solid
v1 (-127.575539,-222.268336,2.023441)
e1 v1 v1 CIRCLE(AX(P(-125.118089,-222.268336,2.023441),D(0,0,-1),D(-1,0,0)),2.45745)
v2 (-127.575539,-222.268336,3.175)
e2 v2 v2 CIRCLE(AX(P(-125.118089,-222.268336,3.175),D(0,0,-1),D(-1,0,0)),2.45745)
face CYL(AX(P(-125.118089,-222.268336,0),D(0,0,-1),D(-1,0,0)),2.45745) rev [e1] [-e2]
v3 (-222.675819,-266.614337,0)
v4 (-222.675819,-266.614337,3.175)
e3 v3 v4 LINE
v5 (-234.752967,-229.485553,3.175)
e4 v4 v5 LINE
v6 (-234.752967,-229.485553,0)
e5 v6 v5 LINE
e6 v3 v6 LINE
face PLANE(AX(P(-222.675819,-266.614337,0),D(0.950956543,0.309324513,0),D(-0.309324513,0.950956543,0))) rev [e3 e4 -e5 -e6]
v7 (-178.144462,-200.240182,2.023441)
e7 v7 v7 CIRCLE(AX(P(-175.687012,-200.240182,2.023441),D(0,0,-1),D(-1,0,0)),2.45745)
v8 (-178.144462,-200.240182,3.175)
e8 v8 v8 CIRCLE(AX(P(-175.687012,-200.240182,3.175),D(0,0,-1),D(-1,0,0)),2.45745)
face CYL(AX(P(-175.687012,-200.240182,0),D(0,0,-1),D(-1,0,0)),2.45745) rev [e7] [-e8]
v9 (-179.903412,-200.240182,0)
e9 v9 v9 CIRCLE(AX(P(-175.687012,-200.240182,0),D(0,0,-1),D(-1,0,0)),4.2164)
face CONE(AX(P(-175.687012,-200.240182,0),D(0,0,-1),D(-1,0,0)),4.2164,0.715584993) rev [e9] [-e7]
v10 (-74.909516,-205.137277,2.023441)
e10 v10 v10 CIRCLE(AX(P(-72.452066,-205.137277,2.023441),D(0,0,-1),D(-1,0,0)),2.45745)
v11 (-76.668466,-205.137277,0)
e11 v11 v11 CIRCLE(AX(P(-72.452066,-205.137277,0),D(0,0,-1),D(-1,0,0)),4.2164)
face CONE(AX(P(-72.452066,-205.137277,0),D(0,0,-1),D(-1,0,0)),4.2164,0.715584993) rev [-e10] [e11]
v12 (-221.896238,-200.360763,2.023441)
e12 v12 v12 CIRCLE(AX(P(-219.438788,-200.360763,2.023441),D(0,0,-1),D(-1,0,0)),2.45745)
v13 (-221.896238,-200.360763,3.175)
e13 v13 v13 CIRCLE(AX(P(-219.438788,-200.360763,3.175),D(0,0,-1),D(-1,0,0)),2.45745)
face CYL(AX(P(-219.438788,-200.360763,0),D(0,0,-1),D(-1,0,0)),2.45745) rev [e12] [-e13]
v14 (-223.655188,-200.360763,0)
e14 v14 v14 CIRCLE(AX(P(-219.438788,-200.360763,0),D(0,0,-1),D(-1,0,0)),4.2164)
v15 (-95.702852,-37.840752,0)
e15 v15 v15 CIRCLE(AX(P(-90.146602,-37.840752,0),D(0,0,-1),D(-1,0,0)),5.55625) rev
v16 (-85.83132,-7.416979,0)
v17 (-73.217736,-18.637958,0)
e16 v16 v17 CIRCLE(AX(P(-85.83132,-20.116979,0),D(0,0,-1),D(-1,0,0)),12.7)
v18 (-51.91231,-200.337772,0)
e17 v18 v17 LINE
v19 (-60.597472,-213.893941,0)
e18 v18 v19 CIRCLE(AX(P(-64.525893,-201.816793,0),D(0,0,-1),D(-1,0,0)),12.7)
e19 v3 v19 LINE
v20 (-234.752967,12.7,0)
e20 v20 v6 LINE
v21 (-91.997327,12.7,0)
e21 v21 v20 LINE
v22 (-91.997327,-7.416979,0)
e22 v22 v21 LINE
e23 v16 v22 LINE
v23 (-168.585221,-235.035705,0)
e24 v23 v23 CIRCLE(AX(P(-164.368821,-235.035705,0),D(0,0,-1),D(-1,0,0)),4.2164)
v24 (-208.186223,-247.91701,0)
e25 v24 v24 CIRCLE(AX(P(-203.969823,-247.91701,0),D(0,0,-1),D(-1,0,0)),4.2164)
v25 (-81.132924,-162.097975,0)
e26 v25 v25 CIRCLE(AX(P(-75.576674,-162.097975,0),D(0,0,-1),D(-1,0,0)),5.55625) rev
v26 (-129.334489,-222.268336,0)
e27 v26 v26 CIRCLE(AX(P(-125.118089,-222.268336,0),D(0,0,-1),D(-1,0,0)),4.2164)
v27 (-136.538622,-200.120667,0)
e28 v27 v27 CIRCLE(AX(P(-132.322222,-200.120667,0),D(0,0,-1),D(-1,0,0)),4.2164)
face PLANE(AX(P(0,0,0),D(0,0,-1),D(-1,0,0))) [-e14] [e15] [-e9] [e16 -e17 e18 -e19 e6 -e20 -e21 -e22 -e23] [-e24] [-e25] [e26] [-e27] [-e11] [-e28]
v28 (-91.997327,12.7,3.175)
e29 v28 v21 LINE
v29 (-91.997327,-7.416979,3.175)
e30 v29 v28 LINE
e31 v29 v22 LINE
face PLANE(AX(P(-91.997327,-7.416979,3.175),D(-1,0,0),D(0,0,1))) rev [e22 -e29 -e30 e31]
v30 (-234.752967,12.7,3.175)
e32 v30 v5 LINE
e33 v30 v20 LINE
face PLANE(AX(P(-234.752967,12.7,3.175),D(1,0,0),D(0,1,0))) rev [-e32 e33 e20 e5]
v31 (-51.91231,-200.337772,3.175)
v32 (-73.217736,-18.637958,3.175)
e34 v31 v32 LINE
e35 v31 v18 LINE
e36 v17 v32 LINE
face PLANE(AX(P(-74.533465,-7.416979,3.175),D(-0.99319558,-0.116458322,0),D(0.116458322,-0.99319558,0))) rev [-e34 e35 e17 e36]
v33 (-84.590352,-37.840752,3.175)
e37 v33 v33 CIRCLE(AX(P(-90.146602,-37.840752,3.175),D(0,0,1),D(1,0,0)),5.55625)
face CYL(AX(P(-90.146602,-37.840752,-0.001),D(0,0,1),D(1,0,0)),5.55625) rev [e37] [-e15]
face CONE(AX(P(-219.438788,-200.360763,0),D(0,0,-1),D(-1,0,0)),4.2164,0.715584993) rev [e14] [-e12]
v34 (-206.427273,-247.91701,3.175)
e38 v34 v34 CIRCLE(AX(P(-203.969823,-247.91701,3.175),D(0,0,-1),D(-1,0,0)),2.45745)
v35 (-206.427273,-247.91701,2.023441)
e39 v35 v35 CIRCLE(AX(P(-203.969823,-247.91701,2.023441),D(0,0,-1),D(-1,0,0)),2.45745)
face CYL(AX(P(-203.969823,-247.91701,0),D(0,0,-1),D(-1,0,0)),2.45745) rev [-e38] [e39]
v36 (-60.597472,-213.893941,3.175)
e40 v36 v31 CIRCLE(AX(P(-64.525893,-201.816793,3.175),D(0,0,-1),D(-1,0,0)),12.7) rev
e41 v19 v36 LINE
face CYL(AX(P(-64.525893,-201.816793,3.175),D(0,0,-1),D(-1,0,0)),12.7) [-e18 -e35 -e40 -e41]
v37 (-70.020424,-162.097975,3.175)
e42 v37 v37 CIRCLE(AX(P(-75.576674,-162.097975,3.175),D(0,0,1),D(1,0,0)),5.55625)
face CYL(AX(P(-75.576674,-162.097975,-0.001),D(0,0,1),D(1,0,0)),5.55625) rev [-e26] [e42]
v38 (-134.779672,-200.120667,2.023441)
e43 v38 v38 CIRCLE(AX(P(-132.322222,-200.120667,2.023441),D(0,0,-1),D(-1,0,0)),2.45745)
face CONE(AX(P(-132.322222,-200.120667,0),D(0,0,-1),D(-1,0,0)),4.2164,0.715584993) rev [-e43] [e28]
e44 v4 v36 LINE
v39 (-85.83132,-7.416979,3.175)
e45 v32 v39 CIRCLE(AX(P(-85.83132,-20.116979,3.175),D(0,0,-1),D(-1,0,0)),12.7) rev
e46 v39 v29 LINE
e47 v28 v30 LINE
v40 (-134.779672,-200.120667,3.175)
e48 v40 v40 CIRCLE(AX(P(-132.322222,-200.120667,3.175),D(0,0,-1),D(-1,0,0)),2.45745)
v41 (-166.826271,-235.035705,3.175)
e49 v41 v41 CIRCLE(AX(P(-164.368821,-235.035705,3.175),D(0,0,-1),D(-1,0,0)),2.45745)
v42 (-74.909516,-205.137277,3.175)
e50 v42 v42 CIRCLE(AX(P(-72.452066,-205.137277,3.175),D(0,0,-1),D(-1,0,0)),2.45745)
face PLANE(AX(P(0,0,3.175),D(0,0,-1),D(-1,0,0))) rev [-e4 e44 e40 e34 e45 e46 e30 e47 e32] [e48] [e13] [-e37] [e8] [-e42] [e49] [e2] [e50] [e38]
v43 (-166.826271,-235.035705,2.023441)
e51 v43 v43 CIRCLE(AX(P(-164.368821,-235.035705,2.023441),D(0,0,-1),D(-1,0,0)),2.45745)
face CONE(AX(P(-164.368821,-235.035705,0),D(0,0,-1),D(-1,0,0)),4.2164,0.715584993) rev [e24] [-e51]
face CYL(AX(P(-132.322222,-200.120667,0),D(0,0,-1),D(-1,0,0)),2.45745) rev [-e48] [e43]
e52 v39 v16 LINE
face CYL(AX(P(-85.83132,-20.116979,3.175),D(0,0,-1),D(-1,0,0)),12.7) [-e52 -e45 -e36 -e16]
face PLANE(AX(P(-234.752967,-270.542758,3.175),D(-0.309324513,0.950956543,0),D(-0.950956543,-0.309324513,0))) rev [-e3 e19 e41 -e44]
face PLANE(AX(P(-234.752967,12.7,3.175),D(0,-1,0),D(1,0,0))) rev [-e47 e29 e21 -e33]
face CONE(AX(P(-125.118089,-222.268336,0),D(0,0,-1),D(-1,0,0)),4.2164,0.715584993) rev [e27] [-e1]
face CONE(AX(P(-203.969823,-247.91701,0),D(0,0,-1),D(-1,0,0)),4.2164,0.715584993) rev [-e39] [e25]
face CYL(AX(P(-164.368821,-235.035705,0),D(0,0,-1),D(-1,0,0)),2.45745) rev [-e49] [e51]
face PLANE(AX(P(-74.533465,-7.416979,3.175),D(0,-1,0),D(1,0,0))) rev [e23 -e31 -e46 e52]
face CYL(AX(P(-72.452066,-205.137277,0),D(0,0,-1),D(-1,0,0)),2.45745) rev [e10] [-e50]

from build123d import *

# Parameters (mm, degrees)
BOSS_EXTRUDE1_DEPTH                           = 3.175
FILLET1_R                                     = 12.7
CUT_EXTRUDE1_DEPTH                            = 4.175
CSK_FOR_8_FLAT_HEAD_MACHINE_SCREW1_AT_2_COUNT = 2
CSK_FOR_8_FLAT_HEAD_MACHINE_SCREW1_AT_2_PITCH = 41.643335968
CSK_FOR_8_FLAT_HEAD_MACHINE_SCREW1_AT_3_COUNT = 2
CSK_FOR_8_FLAT_HEAD_MACHINE_SCREW1_AT_3_PITCH = 55.434622241
CSK_FOR_8_FLAT_HEAD_MACHINE_SCREW1_AT_4_COUNT = 2
CSK_FOR_8_FLAT_HEAD_MACHINE_SCREW1_AT_4_PITCH = 50.008853946
CSK_FOR_8_FLAT_HEAD_MACHINE_SCREW1_AT_5_COUNT = 2
CSK_FOR_8_FLAT_HEAD_MACHINE_SCREW1_AT_5_PITCH = 82.918335968
CSK_FOR_8_FLAT_HEAD_MACHINE_SCREW1_AT_6_COUNT = 2
CSK_FOR_8_FLAT_HEAD_MACHINE_SCREW1_AT_6_PITCH = 86.127052655
CSK_FOR_8_FLAT_HEAD_MACHINE_SCREW1_AT_7_COUNT = 2
CSK_FOR_8_FLAT_HEAD_MACHINE_SCREW1_AT_7_PITCH = 138.300491667
CUT_EXTRUDE2_REACH                            = 5.175
SKETCH5_R                                     = 5.55625


with BuildPart() as part:
    # Sketch1 → Boss-Extrude1 (new body)
    with BuildSketch(Plane.XY):
        Polygon((-234.752967181, 12.7), (-91.997327393, 12.7), (-91.997327393, -7.416979032), (-74.533465131, -7.416979032), (-50.700252483, -210.6746006), (-234.752967181, -270.542758328), align=None)
    extrude(amount=BOSS_EXTRUDE1_DEPTH)

    # Fillet1
    fillet1_edges = [part.edges().sort_by_distance(p)[0] for p in [
        (-74.533465131, -7.416979032, 1.5875),
        (-50.700252483, -210.6746006, 1.5875),
    ]]
    fillet(fillet1_edges, radius=FILLET1_R)

    # Sketch2 → Cut-Extrude1 (cut, through all)
    with BuildSketch(Plane.XY.offset(3.175)):
        Polygon((-234.752967181, -270.542758328), (-222.67581909, -266.614337017), (-234.752967181, -229.485553098), align=None)
    extrude(amount=-CUT_EXTRUDE1_DEPTH, mode=Mode.SUBTRACT)

    # Sketch4 → CSK for #8 Flat Head Machine Screw1 (revolve, cut)
    with BuildSketch(Plane(origin=(-203.96982343, -247.917009556, 0), x_dir=(0, 1, 0), z_dir=(1, 0, 0))):
        Polygon((0, 0), (0, 3.175), (2.45745, 3.175), (2.45745, 2.02344051), (4.2164, 0), align=None)
    csk_for_8_flat_head_machine_screw1 = revolve(axis=Axis((-203.96982343, -247.917009556, -6.35), (0, 0, 1)), mode=Mode.SUBTRACT)

    # CSK for #8 Flat Head Machine Screw1 at 2: CSK for #8 Flat Head Machine Screw1 ×2
    with Locations(*[Vector(0.950956543, 0.309324513, 0) * (i * CSK_FOR_8_FLAT_HEAD_MACHINE_SCREW1_AT_2_PITCH) for i in range(1, CSK_FOR_8_FLAT_HEAD_MACHINE_SCREW1_AT_2_COUNT)]):
        add(csk_for_8_flat_head_machine_screw1, mode=Mode.SUBTRACT)

    # CSK for #8 Flat Head Machine Screw1 at 3: CSK for #8 Flat Head Machine Screw1 ×2
    with Locations(*[Vector(0.510201208, 0.860055072, 0) * (i * CSK_FOR_8_FLAT_HEAD_MACHINE_SCREW1_AT_3_PITCH) for i in range(1, CSK_FOR_8_FLAT_HEAD_MACHINE_SCREW1_AT_3_COUNT)]):
        add(csk_for_8_flat_head_machine_screw1, mode=Mode.SUBTRACT)

    # CSK for #8 Flat Head Machine Screw1 at 4: CSK for #8 Flat Head Machine Screw1 ×2
    with Locations(*[Vector(-0.309324513, 0.950956543, 0) * (i * CSK_FOR_8_FLAT_HEAD_MACHINE_SCREW1_AT_4_PITCH) for i in range(1, CSK_FOR_8_FLAT_HEAD_MACHINE_SCREW1_AT_4_COUNT)]):
        add(csk_for_8_flat_head_machine_screw1, mode=Mode.SUBTRACT)

    # CSK for #8 Flat Head Machine Screw1 at 5: CSK for #8 Flat Head Machine Screw1 ×2
    with Locations(*[Vector(0.950956543, 0.309324513, 0) * (i * CSK_FOR_8_FLAT_HEAD_MACHINE_SCREW1_AT_5_PITCH) for i in range(1, CSK_FOR_8_FLAT_HEAD_MACHINE_SCREW1_AT_5_COUNT)]):
        add(csk_for_8_flat_head_machine_screw1, mode=Mode.SUBTRACT)

    # CSK for #8 Flat Head Machine Screw1 at 6: CSK for #8 Flat Head Machine Screw1 ×2
    with Locations(*[Vector(0.83188266, 0.554951566, 0) * (i * CSK_FOR_8_FLAT_HEAD_MACHINE_SCREW1_AT_6_PITCH) for i in range(1, CSK_FOR_8_FLAT_HEAD_MACHINE_SCREW1_AT_6_COUNT)]):
        add(csk_for_8_flat_head_machine_screw1, mode=Mode.SUBTRACT)

    # CSK for #8 Flat Head Machine Screw1 at 7: CSK for #8 Flat Head Machine Screw1 ×2
    with Locations(*[Vector(0.950956543, 0.309324513, 0) * (i * CSK_FOR_8_FLAT_HEAD_MACHINE_SCREW1_AT_7_PITCH) for i in range(1, CSK_FOR_8_FLAT_HEAD_MACHINE_SCREW1_AT_7_COUNT)]):
        add(csk_for_8_flat_head_machine_screw1, mode=Mode.SUBTRACT)

    # Sketch5 → Cut-Extrude2 (cut, up to next)
    with BuildSketch(Plane.XY.offset(3.175), mode=Mode.PRIVATE) as cut_extrude2_sk1:
        with Locations((-90.146601991, -37.840751583)):
            Circle(SKETCH5_R)
    cut_extrude2_tool1 = extrude(cut_extrude2_sk1.sketch, amount=-CUT_EXTRUDE2_REACH, mode=Mode.PRIVATE) & part.part
    add(cut_extrude2_tool1.solids().sort_by_distance((-90.146602, -37.840752, 3.175))[0], mode=Mode.SUBTRACT)
    # Sketch5 → Cut-Extrude2 (cut, up to next)
    with BuildSketch(Plane.XY.offset(3.175), mode=Mode.PRIVATE) as cut_extrude2_sk2:
        with Locations((-75.576674395, -162.097975039)):
            Circle(SKETCH5_R)
    cut_extrude2_tool2 = extrude(cut_extrude2_sk2.sketch, amount=-CUT_EXTRUDE2_REACH, mode=Mode.PRIVATE) & part.part
    add(cut_extrude2_tool2.solids().sort_by_distance((-75.576674, -162.097975, 3.175))[0], mode=Mode.SUBTRACT)


solid = part.part
